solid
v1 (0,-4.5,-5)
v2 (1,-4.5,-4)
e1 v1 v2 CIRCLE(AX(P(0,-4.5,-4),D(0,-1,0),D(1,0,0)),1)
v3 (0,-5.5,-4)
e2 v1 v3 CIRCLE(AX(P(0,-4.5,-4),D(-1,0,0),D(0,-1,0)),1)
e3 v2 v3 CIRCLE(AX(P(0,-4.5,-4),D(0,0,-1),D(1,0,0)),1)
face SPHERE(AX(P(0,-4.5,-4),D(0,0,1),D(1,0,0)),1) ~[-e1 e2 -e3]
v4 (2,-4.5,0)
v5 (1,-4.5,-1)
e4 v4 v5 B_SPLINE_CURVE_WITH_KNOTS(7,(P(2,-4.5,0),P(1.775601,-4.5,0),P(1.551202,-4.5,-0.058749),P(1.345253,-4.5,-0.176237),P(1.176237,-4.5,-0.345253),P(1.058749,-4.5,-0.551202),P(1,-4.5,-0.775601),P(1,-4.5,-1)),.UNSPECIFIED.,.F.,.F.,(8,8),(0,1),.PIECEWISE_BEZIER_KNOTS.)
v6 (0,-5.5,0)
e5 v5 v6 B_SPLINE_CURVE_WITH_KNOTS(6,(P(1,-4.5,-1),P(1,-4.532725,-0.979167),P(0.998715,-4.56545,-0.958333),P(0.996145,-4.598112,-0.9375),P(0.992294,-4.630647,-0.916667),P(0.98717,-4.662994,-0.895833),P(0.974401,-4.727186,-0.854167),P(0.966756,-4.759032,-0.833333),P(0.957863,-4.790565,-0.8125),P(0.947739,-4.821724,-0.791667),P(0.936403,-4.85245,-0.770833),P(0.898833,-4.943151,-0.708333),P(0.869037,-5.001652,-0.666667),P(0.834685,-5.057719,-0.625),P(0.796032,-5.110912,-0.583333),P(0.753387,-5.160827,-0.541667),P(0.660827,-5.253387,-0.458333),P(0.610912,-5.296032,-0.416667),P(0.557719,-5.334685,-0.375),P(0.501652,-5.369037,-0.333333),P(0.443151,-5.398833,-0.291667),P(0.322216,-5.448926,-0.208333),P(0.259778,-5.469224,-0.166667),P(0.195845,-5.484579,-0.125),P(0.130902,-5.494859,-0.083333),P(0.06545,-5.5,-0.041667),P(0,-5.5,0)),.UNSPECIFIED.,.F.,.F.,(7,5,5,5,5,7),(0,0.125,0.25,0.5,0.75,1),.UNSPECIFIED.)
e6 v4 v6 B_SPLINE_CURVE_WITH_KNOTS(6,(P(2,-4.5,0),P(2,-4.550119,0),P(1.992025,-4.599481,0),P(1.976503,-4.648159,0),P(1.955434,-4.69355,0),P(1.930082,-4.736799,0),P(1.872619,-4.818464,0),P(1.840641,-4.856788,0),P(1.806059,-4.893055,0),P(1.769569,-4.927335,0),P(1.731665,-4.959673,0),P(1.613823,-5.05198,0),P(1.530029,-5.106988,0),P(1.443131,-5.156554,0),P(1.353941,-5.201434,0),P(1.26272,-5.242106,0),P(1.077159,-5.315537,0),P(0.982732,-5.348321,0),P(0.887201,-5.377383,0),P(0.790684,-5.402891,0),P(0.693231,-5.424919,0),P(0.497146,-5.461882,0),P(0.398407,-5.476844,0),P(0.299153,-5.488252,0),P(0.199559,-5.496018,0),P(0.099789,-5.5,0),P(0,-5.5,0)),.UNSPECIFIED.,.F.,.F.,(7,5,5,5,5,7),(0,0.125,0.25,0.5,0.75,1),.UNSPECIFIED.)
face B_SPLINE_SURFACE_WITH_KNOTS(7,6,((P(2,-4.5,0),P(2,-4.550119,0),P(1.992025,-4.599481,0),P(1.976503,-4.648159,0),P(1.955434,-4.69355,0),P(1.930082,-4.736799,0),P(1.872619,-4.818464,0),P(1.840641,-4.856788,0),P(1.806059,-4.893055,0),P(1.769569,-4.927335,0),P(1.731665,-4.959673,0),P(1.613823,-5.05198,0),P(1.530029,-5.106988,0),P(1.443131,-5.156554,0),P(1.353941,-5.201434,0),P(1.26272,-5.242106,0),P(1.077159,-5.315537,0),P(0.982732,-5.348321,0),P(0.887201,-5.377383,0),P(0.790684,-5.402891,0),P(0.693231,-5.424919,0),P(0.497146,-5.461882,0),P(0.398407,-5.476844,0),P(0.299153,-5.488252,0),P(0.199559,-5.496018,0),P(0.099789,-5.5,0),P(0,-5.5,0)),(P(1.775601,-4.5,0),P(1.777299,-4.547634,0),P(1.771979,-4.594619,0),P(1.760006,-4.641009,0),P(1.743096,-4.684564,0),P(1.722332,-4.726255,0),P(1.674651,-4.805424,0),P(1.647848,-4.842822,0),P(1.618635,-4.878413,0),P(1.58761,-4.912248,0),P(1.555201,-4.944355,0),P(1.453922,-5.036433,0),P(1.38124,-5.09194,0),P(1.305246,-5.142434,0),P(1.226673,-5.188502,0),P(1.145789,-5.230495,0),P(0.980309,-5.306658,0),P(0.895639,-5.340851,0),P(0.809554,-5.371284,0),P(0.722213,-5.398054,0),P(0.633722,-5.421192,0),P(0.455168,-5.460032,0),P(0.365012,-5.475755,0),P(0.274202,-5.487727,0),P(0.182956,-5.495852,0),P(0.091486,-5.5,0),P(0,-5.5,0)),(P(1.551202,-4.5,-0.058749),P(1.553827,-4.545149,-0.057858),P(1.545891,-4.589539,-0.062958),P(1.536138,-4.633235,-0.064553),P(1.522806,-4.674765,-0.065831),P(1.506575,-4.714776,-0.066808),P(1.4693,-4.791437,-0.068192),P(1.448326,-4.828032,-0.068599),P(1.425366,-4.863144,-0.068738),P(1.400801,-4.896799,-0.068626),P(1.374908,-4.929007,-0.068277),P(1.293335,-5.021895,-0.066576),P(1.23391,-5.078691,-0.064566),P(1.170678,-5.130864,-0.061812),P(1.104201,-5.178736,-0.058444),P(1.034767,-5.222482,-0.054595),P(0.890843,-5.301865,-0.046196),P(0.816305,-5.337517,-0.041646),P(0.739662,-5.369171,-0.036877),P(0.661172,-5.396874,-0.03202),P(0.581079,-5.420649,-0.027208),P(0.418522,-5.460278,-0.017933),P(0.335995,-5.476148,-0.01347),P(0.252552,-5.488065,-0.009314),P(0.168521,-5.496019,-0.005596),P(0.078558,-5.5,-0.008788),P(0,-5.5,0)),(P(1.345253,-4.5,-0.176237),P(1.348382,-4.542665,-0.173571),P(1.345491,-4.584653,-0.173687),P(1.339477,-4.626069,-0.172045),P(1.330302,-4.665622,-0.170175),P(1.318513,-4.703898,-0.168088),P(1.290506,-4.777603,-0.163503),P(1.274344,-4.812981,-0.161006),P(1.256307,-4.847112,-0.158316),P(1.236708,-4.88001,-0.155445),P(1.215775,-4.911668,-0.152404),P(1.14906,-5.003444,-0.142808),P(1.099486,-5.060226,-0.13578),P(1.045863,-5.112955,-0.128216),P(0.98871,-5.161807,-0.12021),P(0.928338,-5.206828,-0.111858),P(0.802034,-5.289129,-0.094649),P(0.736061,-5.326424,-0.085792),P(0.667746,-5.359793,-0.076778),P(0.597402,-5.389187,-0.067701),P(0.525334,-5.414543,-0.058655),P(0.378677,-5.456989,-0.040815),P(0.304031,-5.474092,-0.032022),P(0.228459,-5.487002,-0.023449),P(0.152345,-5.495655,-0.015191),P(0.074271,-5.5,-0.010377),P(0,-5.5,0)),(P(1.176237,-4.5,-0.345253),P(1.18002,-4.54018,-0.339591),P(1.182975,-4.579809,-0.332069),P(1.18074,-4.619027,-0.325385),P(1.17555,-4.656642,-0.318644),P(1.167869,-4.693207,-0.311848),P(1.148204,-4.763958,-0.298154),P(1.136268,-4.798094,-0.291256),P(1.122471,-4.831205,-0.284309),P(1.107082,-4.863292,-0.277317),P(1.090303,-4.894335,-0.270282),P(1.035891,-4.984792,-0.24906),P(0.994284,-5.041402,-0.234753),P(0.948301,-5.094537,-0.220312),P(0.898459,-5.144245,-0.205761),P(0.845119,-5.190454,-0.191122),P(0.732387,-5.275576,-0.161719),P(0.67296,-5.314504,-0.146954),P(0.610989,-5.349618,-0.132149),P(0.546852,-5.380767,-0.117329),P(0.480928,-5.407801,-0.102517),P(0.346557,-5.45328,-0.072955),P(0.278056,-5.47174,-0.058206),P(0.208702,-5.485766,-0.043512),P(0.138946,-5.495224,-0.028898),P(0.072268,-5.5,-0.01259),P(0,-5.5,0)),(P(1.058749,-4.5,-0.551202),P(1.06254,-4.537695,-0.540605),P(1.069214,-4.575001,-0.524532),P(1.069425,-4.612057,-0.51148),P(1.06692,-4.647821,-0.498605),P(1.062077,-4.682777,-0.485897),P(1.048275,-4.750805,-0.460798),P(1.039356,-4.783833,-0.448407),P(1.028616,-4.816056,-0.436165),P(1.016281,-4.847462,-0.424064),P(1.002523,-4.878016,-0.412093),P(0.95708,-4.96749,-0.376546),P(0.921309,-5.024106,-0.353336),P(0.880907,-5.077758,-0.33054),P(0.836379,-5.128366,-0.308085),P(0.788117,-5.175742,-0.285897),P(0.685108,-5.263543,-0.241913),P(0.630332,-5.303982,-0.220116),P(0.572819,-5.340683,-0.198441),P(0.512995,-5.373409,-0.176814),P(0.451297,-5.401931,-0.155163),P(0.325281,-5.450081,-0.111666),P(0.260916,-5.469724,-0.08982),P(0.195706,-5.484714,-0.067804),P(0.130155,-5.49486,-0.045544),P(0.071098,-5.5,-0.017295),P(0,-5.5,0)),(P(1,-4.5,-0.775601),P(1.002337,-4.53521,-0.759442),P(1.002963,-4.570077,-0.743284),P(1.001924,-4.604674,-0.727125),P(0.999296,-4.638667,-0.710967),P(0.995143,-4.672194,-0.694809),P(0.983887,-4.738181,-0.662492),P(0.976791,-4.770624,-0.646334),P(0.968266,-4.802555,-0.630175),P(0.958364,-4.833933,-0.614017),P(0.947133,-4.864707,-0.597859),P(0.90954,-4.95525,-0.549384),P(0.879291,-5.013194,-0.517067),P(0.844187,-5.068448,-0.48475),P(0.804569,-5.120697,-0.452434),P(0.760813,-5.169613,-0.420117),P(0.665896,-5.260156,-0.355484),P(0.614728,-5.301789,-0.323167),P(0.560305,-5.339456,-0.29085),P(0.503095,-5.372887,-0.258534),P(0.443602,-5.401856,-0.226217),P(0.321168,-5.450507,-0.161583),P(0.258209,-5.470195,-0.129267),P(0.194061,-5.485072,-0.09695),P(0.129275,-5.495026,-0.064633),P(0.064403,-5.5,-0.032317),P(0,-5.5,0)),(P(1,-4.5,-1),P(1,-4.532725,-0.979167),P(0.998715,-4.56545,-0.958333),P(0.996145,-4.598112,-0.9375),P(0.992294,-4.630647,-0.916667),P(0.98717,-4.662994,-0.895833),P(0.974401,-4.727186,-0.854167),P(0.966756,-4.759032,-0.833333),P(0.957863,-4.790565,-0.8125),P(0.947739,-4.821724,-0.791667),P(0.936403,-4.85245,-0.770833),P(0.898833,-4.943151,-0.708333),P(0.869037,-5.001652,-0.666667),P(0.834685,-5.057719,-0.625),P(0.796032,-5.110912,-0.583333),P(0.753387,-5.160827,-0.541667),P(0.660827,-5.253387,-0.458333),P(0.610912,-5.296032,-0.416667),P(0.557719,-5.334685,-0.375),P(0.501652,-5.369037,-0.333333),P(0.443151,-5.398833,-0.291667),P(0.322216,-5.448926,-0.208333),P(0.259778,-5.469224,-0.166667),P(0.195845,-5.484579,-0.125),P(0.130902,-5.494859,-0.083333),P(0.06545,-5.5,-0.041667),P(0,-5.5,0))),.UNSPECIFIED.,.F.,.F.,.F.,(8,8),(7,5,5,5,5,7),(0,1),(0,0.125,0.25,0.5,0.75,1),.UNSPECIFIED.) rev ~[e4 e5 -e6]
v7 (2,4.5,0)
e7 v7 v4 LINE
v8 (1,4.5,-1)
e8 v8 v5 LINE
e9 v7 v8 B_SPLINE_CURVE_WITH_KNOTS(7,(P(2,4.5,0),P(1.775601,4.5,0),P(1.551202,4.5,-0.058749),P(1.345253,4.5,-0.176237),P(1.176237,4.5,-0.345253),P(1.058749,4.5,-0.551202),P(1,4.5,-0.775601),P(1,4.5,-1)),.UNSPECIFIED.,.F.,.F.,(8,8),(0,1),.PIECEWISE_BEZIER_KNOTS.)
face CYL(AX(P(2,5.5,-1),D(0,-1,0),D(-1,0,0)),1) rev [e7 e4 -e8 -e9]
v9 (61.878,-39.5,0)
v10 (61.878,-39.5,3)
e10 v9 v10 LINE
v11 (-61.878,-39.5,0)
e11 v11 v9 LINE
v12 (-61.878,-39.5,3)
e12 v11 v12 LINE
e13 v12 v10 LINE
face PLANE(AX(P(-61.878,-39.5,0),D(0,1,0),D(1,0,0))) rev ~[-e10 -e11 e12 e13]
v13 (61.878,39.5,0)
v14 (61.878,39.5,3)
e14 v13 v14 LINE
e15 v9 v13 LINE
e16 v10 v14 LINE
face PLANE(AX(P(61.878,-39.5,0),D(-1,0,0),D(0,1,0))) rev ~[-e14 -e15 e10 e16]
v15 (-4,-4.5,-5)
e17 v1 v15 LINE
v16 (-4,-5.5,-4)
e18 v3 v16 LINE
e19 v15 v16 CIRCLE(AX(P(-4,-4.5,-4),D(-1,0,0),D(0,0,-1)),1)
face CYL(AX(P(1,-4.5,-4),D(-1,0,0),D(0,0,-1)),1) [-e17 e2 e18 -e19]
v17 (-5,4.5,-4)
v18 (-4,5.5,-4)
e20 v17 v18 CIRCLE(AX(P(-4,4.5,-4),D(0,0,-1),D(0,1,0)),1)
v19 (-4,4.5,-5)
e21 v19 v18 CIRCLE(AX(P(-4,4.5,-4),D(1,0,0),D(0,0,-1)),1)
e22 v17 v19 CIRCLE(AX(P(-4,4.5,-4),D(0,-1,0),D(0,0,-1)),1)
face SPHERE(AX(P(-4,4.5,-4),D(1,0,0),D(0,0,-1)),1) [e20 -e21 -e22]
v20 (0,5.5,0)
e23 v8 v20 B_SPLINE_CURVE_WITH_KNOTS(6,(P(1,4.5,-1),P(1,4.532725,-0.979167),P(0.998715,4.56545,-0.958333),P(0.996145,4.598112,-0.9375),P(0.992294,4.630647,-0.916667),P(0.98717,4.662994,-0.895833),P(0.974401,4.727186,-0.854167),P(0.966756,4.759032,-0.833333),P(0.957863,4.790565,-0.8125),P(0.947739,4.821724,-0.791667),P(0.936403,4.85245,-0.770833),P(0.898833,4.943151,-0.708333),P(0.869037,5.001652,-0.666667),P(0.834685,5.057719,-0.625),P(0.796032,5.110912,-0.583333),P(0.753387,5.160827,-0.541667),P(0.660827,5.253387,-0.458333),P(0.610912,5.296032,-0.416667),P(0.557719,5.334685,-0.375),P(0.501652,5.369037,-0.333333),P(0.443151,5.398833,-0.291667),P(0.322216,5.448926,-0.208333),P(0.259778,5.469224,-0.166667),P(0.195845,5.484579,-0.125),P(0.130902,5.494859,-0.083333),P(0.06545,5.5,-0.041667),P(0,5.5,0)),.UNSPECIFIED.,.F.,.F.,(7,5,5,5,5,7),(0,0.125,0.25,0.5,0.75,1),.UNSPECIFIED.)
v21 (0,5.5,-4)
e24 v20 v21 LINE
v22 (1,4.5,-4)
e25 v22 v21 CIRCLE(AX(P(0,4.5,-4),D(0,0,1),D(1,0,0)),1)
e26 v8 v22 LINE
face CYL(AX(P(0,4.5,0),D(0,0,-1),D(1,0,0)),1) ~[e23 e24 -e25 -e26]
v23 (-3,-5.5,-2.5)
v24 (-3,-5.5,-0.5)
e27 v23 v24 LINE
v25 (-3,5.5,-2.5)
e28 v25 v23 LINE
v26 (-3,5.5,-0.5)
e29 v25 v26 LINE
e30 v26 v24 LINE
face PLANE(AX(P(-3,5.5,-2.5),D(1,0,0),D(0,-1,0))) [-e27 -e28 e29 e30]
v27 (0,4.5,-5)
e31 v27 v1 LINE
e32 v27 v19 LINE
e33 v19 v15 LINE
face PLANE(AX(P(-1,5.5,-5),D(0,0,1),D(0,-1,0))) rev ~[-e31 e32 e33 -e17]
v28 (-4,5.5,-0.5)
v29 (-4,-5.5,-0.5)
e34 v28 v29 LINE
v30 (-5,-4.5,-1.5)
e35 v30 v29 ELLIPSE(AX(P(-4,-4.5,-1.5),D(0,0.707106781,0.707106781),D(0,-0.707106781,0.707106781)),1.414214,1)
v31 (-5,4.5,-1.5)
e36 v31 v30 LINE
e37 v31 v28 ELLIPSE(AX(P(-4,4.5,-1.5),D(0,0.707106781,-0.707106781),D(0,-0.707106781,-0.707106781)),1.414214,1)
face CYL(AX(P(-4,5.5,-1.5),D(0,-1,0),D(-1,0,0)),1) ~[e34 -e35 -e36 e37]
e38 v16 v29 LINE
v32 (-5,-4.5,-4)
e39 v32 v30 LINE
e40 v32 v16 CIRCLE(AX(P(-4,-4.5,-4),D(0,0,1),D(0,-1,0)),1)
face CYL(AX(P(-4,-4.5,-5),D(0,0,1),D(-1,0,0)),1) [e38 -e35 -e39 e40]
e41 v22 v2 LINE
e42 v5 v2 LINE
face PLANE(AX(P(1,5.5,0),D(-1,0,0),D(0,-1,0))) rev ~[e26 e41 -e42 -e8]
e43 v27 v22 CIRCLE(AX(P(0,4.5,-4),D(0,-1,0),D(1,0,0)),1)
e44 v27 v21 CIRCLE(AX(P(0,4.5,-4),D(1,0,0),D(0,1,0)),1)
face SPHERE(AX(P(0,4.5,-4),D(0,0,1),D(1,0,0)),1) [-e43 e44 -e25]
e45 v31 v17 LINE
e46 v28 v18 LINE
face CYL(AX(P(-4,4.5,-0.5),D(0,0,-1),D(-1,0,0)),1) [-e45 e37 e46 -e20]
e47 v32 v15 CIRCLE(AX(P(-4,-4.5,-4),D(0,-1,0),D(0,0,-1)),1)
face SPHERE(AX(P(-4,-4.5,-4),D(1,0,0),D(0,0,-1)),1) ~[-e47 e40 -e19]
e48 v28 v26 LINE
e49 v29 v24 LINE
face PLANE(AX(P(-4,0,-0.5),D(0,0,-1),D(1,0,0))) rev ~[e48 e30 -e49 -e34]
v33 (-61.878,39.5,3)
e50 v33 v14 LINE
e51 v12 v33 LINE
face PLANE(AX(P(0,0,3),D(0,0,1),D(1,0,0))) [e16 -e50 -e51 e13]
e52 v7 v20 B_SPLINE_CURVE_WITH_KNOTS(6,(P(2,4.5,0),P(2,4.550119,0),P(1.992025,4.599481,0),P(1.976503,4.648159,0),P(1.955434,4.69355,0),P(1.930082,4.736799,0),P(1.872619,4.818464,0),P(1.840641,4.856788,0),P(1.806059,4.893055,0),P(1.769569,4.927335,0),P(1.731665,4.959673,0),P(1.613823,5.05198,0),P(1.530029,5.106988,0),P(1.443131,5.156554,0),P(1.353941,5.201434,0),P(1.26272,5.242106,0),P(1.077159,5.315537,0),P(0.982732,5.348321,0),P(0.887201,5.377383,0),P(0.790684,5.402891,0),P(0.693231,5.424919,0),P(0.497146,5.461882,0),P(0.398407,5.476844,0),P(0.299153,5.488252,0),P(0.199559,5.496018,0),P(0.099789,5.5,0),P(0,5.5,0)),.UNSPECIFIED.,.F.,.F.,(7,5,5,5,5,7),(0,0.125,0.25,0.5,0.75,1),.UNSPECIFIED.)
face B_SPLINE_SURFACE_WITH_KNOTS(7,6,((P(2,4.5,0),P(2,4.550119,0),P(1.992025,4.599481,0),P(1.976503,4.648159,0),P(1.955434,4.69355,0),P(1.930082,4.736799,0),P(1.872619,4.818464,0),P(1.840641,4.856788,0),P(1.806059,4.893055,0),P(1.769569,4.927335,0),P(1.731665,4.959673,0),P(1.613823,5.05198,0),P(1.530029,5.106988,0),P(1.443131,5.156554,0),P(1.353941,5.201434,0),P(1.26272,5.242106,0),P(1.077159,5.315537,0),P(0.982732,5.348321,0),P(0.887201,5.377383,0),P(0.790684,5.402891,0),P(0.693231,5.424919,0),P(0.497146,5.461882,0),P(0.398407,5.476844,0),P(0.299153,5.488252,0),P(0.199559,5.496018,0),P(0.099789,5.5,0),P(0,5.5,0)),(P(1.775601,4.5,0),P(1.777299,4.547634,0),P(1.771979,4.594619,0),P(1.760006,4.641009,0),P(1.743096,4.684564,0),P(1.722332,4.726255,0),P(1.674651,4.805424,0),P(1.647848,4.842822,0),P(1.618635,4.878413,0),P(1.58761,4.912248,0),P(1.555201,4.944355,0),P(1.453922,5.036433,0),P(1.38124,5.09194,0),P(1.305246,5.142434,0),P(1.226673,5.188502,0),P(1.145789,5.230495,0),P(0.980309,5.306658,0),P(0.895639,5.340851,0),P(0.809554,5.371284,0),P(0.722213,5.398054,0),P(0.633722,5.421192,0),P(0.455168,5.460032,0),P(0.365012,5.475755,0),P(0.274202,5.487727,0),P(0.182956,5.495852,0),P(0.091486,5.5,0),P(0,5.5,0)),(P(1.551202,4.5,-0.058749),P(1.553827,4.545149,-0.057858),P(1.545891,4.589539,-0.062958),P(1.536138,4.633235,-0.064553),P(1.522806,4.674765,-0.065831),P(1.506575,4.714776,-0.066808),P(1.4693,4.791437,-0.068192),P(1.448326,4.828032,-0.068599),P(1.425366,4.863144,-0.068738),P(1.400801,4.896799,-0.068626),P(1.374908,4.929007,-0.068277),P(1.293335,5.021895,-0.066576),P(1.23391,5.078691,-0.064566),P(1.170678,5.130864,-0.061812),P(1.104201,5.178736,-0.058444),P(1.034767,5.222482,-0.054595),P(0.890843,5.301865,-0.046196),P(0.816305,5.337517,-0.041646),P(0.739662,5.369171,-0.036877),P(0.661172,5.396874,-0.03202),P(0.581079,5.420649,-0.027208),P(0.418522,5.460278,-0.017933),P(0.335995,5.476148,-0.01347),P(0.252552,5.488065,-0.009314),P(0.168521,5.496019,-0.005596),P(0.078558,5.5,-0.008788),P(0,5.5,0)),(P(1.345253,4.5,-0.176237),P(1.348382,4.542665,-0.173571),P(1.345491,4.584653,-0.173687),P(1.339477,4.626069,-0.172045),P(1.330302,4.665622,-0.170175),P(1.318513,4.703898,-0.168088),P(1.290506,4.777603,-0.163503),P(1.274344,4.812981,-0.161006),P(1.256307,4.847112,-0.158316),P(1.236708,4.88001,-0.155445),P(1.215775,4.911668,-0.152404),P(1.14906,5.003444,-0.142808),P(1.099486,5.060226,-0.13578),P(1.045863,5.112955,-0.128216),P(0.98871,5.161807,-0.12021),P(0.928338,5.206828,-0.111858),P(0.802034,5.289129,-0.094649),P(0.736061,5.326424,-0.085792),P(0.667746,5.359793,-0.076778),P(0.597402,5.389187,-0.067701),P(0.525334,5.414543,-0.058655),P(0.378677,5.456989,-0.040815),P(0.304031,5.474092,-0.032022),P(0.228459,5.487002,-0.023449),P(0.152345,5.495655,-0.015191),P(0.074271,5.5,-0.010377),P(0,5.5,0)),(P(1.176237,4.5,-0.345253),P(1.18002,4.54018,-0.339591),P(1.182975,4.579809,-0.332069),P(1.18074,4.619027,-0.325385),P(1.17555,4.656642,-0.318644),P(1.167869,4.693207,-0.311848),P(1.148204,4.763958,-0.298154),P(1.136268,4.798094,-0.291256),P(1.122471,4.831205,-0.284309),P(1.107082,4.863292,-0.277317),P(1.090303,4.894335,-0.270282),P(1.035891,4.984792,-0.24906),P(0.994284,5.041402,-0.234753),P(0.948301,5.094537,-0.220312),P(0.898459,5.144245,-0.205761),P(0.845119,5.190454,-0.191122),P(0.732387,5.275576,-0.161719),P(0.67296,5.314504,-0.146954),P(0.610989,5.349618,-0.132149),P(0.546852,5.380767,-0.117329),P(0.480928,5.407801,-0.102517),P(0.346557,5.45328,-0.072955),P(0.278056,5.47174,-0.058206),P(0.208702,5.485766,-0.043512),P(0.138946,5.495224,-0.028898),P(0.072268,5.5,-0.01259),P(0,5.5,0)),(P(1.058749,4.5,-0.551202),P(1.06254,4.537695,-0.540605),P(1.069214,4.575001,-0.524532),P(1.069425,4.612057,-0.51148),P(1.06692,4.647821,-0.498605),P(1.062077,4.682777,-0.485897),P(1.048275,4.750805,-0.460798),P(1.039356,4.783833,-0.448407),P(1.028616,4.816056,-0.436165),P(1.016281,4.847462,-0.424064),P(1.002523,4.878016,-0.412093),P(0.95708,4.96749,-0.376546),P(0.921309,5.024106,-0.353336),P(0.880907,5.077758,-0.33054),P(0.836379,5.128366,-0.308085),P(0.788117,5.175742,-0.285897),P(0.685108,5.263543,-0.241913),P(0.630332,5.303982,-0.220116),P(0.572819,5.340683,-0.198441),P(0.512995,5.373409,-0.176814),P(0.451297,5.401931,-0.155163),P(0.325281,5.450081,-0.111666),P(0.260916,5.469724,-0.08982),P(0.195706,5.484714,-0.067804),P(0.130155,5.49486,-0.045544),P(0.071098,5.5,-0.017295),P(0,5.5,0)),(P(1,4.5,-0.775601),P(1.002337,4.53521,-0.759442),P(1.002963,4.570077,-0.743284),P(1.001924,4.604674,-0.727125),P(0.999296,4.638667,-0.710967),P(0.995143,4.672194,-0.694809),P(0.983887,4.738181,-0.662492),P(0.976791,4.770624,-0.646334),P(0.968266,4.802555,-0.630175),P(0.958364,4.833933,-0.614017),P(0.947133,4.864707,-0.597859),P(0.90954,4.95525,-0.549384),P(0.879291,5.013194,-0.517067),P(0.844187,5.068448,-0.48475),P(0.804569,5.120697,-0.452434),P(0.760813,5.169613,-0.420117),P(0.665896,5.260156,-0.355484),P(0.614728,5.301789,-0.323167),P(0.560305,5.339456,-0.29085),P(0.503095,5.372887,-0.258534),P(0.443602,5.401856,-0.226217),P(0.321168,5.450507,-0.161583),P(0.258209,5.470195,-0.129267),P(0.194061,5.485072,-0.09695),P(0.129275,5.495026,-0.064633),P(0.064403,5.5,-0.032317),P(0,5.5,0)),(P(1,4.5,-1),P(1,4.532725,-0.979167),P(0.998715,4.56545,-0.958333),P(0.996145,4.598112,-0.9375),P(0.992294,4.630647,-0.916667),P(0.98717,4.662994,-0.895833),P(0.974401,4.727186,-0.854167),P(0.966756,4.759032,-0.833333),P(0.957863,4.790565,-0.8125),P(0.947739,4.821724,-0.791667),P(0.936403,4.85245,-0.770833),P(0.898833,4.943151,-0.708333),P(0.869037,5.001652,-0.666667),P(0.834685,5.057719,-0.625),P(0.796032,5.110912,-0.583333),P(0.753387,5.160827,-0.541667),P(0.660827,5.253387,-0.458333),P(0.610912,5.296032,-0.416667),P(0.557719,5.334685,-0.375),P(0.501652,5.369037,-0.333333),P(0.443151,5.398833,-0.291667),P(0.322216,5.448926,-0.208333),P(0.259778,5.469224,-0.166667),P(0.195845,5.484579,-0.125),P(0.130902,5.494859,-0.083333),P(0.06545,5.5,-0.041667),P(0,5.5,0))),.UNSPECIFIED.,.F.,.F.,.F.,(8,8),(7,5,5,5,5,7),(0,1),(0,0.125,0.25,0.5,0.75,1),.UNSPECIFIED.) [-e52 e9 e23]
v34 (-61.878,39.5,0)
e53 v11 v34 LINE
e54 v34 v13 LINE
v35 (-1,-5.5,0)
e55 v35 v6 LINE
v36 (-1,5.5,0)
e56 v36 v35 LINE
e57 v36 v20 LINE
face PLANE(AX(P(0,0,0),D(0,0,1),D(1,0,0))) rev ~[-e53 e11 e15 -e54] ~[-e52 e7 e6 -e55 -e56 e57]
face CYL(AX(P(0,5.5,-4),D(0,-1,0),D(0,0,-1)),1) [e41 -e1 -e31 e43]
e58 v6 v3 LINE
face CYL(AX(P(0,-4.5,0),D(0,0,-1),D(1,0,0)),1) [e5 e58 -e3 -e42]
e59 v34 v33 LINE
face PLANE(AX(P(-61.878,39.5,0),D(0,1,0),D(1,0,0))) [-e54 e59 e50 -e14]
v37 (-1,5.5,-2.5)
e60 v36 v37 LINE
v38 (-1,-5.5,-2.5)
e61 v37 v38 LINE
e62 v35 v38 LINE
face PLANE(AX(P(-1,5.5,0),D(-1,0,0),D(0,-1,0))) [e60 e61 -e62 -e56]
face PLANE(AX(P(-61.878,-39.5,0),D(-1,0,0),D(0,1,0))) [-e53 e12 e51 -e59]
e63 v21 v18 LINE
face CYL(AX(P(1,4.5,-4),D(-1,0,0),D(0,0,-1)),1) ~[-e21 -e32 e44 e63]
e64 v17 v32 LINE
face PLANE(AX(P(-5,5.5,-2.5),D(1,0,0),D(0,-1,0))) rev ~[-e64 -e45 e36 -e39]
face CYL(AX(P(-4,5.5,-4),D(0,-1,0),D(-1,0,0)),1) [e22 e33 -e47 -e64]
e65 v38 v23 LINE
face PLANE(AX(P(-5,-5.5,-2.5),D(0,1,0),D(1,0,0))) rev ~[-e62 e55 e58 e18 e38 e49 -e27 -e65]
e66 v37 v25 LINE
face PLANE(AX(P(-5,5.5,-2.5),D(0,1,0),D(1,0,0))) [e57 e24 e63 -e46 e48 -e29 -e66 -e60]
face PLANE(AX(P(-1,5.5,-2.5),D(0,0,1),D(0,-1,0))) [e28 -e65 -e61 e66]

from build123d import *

# Parameters (mm, degrees)
SKETCH_W     = 123.756
SKETCH_H     = 79
PAD_DEPTH    = 3
SKETCH001_W  = 2
SKETCH001_H  = 11
PAD001_DEPTH = 5
SKETCH002_W  = 11
SKETCH002_H  = 2.5
PAD002_DEPTH = 4
SKETCH003_W  = 2
SKETCH003_H  = 11
PAD003_DEPTH = 2
FILLET_R     = 1


with BuildPart() as part:
    # Sketch → Pad (new body)
    with BuildSketch(Plane.XY):
        Rectangle(SKETCH_W, SKETCH_H)
    extrude(amount=PAD_DEPTH)

    # Sketch001 (on Face5 of Pad) → Pad001 (join)
    with BuildSketch(Plane(origin=(0, 0, 0), x_dir=(1, 0, 0), z_dir=(0, 0, -1))):
        Rectangle(SKETCH001_W, SKETCH001_H)
    extrude(amount=PAD001_DEPTH)

    # Sketch002 (on Face7 of Pad001) → Pad002 (join)
    with BuildSketch(Plane(origin=(-1, 0, 0), x_dir=(0, -1, 0), z_dir=(-1, 0, 0))):
        with Locations((0, -3.75)):
            Rectangle(SKETCH002_W, SKETCH002_H)
    extrude(amount=PAD002_DEPTH)

    # Sketch003 (on Face16 of Pad002) → Pad003 (join)
    with BuildSketch(Plane(origin=(0, 0, -2.5), x_dir=(1, 0, 0), z_dir=(0, 0, -1))):
        with Locations((-4, 0)):
            Rectangle(SKETCH003_W, SKETCH003_H)
    extrude(amount=-PAD003_DEPTH)

    # Fillet
    fillet_edges = [part.edges().sort_by_distance(p)[0] for p in [
        (1, -5.5, -2.5),
        (1, 5.5, -2.5),
        (1, 0, 0),
        (1, 0, -5),
        (0, -5.5, -5),
        (0, 5.5, -5),
        (-1, 0, -5),
        (-3, -5.5, -5),
        (-3, 5.5, -5),
        (-5, 0, -5),
        (-5, 0, -2.5),
        (-5, -5.5, -3.75),
        (-5, 5.5, -3.75),
        (-5, 5.5, -1.5),
        (-5, -5.5, -1.5),
        (-5, 0, -0.5),
    ]]
    fillet(fillet_edges, radius=FILLET_R)


solid = part.part
